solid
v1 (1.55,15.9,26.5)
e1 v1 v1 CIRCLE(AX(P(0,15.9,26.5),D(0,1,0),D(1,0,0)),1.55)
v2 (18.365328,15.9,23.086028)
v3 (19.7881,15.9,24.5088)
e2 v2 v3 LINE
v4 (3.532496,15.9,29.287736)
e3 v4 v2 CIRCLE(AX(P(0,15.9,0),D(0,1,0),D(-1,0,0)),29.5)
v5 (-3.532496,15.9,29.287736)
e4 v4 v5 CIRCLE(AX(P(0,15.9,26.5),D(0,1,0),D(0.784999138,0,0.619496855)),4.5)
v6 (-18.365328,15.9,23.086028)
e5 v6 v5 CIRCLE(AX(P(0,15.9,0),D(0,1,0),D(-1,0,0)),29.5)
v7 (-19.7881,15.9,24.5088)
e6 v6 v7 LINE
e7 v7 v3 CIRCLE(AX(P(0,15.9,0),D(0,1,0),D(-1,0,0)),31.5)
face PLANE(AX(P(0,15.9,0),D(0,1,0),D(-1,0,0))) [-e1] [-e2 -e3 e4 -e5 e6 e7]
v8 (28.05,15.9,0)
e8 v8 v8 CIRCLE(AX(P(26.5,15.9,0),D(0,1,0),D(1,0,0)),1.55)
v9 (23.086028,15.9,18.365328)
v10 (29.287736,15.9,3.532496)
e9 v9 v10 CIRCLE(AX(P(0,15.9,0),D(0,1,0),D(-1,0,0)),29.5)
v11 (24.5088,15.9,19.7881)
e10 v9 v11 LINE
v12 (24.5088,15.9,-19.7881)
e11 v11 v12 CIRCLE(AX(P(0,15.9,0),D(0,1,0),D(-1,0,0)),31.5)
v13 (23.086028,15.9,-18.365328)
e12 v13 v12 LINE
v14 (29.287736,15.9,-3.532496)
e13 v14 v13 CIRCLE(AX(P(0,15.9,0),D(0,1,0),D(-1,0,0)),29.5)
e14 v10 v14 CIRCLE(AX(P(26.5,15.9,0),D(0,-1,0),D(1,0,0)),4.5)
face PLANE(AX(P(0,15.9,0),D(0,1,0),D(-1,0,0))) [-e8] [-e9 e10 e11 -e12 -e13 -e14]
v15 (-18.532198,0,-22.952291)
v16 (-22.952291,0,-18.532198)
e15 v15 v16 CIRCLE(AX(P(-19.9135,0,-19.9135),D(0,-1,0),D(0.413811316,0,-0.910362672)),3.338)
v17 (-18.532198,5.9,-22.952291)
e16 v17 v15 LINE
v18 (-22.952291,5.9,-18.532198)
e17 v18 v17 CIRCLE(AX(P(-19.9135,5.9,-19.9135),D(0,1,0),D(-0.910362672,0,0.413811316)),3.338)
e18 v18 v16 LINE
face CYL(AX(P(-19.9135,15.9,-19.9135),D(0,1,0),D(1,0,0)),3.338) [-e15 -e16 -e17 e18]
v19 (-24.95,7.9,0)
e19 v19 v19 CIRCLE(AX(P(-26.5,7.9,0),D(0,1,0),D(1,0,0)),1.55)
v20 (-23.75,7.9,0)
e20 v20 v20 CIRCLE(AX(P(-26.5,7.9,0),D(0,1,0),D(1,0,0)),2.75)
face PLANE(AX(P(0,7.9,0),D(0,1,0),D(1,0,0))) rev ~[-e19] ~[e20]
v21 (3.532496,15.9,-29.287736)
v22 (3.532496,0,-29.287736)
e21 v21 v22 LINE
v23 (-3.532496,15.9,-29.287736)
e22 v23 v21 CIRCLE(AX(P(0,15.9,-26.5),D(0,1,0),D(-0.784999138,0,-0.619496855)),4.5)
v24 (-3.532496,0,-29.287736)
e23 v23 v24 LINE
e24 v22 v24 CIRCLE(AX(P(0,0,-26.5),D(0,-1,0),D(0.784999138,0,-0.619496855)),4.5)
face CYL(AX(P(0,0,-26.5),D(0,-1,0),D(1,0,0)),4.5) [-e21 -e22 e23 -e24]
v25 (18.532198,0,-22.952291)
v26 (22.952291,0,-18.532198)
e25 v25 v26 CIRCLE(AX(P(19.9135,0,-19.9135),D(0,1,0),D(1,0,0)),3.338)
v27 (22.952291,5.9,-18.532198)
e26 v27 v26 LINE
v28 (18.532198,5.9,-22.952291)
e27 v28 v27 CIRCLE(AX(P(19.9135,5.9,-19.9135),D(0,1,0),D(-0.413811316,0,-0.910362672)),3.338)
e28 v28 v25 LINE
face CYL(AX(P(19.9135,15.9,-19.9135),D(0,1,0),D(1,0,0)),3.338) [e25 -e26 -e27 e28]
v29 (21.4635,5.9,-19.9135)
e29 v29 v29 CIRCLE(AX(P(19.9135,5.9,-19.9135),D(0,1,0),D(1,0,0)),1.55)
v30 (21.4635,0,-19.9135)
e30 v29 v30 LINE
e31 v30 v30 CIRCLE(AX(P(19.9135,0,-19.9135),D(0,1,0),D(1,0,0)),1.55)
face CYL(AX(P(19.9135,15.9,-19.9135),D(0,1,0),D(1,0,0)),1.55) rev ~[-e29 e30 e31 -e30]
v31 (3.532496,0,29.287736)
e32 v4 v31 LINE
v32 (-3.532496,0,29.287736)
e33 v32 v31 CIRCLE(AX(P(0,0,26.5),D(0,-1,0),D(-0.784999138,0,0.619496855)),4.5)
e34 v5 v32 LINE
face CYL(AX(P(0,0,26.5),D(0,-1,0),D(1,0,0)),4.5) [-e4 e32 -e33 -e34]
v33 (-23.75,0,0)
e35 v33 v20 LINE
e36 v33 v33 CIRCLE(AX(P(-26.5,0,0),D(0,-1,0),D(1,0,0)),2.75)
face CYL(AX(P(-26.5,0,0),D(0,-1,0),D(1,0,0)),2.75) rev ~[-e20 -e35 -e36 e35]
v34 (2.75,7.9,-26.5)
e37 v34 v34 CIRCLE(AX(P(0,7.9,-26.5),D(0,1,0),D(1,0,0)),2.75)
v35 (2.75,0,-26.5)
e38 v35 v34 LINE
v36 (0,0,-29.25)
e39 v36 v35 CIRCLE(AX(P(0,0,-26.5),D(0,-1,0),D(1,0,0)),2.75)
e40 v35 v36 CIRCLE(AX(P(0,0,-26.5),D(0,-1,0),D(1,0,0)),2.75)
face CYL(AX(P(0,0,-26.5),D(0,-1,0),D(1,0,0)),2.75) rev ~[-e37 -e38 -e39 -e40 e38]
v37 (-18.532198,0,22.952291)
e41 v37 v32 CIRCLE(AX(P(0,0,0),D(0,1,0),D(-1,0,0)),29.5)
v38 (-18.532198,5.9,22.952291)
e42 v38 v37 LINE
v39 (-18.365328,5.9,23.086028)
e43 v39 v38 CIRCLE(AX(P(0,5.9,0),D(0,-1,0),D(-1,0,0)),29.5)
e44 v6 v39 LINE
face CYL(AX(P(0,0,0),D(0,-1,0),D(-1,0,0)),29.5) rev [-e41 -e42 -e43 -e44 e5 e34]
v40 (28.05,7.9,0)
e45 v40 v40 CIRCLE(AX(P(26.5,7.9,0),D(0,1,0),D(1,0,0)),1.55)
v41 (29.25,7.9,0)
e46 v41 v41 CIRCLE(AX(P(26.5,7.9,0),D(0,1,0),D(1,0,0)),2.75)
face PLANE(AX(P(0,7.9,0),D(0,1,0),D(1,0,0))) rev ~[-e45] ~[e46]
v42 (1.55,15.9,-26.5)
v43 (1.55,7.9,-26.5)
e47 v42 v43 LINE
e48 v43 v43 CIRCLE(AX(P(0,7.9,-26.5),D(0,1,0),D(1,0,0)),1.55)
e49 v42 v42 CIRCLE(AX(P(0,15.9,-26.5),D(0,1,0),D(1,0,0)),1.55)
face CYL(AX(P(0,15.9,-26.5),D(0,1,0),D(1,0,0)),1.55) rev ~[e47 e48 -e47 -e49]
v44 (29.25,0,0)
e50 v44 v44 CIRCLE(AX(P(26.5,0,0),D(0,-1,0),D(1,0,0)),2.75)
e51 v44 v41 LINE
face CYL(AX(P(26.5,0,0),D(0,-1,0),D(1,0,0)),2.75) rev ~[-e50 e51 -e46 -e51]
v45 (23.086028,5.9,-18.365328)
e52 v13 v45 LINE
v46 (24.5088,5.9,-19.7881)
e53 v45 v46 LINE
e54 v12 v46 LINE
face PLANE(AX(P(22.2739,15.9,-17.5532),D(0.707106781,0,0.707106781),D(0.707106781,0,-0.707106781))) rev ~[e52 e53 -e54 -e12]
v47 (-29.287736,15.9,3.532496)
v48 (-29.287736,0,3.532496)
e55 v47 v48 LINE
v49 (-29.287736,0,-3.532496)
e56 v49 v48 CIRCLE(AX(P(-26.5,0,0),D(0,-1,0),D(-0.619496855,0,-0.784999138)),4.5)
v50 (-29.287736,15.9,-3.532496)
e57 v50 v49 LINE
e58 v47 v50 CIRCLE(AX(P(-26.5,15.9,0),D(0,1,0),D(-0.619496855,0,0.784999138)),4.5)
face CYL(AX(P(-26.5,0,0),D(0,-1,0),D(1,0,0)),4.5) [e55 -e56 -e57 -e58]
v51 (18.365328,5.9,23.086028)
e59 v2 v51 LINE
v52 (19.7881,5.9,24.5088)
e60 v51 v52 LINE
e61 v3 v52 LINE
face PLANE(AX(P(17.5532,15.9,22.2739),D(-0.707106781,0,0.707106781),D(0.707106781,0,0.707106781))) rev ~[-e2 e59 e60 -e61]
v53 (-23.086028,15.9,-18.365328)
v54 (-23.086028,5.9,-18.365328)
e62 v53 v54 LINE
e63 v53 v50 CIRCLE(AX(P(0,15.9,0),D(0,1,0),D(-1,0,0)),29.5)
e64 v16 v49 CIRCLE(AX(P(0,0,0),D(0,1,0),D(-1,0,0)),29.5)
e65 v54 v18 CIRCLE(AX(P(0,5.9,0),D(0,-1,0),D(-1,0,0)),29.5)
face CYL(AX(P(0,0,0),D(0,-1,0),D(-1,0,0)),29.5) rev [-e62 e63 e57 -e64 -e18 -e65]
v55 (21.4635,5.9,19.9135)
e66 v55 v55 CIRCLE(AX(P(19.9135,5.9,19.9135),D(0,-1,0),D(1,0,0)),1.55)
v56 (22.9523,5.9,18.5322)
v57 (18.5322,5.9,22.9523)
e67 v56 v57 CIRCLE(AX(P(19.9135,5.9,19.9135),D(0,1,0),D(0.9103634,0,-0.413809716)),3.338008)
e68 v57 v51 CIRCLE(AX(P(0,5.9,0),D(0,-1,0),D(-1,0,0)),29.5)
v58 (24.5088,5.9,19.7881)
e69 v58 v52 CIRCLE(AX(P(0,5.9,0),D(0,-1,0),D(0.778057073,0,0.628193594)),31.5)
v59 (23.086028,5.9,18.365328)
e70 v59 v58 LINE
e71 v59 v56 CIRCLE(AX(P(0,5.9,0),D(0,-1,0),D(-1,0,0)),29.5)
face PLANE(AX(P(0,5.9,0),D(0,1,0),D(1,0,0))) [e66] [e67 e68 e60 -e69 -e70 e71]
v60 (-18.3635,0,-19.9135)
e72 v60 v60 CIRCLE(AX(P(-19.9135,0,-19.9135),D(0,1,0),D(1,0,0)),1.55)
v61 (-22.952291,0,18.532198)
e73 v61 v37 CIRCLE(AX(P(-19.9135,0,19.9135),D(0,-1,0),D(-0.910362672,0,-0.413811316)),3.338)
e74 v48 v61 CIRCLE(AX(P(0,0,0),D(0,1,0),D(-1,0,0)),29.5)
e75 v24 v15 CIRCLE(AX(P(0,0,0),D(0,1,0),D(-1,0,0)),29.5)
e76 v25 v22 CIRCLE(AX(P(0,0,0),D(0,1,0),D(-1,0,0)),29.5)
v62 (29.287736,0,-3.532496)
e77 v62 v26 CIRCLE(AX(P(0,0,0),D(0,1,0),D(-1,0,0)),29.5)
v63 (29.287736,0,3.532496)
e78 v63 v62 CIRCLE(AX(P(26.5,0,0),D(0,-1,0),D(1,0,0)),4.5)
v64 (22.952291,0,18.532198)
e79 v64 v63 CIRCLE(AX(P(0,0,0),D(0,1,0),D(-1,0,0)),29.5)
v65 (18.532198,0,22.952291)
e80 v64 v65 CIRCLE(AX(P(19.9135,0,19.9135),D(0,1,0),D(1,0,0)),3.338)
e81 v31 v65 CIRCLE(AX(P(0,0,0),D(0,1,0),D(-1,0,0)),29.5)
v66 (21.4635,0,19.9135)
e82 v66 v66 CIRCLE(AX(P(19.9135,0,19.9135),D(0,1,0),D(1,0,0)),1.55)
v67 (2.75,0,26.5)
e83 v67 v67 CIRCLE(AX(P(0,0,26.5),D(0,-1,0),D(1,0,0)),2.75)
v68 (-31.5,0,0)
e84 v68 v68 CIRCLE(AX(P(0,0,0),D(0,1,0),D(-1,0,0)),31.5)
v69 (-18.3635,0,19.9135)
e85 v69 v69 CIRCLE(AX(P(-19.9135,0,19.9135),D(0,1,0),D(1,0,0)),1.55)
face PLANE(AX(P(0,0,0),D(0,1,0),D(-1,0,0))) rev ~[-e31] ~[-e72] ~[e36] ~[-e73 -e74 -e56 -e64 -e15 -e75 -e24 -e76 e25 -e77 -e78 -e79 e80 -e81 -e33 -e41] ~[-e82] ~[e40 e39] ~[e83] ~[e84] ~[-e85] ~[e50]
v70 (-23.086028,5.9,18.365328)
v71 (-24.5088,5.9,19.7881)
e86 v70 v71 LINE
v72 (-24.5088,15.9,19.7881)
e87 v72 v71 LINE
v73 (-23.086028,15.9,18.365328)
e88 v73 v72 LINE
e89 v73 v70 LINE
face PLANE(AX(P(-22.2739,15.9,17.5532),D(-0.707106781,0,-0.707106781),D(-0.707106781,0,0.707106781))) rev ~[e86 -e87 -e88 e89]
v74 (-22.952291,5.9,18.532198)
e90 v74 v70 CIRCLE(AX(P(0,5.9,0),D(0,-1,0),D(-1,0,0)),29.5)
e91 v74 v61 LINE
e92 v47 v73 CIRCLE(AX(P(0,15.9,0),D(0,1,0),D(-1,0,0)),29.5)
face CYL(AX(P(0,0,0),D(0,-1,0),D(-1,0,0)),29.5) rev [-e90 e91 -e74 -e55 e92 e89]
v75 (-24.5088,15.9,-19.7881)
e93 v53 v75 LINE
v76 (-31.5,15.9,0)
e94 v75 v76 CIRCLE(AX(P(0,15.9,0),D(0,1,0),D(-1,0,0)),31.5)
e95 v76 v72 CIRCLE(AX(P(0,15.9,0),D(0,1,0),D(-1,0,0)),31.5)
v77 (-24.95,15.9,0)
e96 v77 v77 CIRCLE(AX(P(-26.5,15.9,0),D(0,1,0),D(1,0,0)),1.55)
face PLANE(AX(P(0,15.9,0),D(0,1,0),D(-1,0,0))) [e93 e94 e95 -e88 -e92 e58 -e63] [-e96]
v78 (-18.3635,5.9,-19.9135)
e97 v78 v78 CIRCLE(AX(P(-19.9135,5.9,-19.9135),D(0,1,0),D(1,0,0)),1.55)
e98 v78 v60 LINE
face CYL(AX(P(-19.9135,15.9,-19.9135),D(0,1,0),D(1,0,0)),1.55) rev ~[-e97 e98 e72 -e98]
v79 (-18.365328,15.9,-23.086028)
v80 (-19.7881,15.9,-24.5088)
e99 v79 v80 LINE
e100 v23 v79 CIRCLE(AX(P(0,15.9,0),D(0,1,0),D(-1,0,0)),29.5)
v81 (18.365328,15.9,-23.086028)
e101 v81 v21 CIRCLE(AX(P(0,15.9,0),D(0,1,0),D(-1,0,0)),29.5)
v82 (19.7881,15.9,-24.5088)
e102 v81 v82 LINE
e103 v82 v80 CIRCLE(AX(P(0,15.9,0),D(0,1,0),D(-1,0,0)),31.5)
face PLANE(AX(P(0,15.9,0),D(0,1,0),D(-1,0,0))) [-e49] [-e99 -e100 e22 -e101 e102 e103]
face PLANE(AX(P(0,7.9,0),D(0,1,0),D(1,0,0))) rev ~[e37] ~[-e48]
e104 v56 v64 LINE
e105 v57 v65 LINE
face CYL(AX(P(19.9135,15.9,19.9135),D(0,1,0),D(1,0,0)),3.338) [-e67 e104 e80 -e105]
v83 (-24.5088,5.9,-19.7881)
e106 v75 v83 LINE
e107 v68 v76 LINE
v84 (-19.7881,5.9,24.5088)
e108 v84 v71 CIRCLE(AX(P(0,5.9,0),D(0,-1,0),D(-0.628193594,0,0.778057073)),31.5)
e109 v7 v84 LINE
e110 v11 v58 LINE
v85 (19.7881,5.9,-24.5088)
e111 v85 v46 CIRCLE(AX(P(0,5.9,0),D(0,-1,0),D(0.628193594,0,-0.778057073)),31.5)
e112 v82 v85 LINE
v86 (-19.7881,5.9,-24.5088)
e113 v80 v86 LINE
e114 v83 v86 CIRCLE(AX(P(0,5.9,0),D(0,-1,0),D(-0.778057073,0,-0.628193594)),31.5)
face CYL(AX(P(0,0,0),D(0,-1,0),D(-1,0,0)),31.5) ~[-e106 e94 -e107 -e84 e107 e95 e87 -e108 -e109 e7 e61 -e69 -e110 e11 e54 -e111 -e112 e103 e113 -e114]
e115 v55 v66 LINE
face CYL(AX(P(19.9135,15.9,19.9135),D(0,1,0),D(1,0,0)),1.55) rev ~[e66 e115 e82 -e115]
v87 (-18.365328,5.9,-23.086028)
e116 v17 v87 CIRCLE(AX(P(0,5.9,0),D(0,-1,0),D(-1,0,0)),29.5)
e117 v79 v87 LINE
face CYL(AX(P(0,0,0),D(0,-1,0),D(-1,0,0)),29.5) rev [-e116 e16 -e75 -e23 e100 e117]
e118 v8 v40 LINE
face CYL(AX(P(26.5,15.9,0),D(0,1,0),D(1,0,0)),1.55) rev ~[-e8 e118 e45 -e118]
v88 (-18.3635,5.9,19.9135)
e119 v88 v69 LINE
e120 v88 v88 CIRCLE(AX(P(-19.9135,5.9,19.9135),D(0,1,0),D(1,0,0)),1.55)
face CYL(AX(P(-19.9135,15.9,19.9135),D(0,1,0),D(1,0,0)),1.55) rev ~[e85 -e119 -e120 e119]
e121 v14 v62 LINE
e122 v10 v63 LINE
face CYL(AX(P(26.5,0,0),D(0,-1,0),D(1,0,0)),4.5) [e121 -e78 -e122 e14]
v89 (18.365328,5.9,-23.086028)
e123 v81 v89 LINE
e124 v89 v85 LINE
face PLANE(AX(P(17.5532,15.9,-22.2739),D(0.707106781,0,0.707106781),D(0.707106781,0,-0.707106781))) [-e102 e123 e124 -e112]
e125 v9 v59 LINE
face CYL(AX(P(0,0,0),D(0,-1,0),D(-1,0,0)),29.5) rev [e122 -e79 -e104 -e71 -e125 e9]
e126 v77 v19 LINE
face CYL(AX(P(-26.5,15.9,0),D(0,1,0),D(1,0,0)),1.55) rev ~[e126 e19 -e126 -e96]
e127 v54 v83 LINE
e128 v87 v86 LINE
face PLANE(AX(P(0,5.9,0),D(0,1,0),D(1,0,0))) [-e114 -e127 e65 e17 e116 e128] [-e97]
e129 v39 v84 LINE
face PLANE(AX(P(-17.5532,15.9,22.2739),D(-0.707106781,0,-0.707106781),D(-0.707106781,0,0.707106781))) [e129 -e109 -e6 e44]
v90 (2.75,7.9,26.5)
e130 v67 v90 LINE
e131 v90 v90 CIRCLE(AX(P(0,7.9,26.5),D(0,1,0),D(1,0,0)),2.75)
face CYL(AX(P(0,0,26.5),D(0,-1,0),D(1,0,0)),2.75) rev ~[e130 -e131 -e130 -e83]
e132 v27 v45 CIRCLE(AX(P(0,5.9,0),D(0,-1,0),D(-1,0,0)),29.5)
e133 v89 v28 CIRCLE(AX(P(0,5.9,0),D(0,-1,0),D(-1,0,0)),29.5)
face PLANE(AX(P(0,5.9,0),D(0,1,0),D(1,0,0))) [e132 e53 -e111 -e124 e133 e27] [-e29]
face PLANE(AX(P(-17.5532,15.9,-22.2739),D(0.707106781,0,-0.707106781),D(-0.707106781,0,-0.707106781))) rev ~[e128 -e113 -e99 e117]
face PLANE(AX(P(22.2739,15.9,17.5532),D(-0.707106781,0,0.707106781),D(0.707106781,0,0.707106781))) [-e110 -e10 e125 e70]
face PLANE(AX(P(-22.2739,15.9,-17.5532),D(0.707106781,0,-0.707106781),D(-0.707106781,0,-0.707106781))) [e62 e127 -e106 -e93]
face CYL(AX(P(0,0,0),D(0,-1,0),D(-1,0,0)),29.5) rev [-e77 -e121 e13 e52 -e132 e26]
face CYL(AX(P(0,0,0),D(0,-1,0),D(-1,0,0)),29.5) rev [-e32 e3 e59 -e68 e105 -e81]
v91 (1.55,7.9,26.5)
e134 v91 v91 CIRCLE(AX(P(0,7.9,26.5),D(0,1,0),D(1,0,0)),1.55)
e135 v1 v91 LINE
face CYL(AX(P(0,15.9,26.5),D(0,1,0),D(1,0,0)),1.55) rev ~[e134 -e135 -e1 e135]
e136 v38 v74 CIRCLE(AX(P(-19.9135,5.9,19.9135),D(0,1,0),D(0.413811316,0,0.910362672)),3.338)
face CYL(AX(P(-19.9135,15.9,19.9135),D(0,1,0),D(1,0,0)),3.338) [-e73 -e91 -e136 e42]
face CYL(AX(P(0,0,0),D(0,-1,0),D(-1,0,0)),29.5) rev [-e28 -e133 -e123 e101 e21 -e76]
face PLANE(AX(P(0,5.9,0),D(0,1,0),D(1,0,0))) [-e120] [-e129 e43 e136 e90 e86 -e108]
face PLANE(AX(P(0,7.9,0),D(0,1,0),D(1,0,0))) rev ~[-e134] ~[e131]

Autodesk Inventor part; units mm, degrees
ref_plane "YZ Plane" through (0, 0, 0) normal (1, 0, 0) x (0, 1, 0)
ref_plane "XZ Plane" through (0, 0, 0) normal (0, 1, 0) x (-1, 0, 0)
ref_plane "XY Plane" through (0, 0, 0) normal (0, 0, 1) x (1, 0, 0)
sketch "Sketch1" plane through (0, 0, 0) normal (0, 1, 0) x (-1, 0, 0)
  circle A0 centre (0, 0) radius 31.5
  circle A1 centre (0, 0) radius 29.5
  dimension "d0" = 63
  dimension "d1" = 59
extrude "Walls" add sketch "Sketch1" along normal blind 15.9
sketch "Sketch2" plane through (0, 0, 0) normal (0, -1, 0) x (1, 0, 0)
  circle A0 centre (0, 0) radius 31.5 projected
  line L0 (0, -31.5) -> (0, -26.5)
  circle A1 centre (0, -26.5) radius 2.75
  circle A2 centre (0, -26.5) radius 4.5
  circle A3 centre (26.5, 0) radius 4.5
  circle A4 centre (26.5, 0) radius 2.75
  circle A5 centre (0, 26.5) radius 4.5
  circle A6 centre (0, 26.5) radius 2.75
  circle A7 centre (-26.5, 0) radius 4.5
  circle A8 centre (-26.5, 0) radius 2.75
  dimension "d4" = 5
  dimension "d5" = 5.5
  dimension "d6" = 9
  dimension "d9" = 360
extrude "Pillar holes" add sketch "Sketch2" against normal blind 15.9 contours A2 | A3 | A5 | A7
sketch "Sketch4" plane through (0, 15.9, 0) normal (0, 1, 0) x (1, 0, 0)
  point P0 (0, 0)
sketch "Sketch5" plane through (0, 0, 0) normal (0, -1, 0) x (1, 0, 0)
  point P0 (0, 0)
sketch "Sketch6" plane through (0, 15.9, 0) normal (0, 1, 0) x (1, 0, 0)
  circle A0 centre (0, 26.5) radius 2.75 projected
  circle A1 centre (0, 26.5) radius 2.75
  circle A2 centre (0, 26.5) radius 1.55
  circle A3 centre (-26.5, 0) radius 1.55
  circle A4 centre (-26.5, 0) radius 2.75
  circle A5 centre (0, -26.5) radius 1.55
  circle A6 centre (0, -26.5) radius 2.75
  circle A7 centre (26.5, 0) radius 1.55
  circle A8 centre (26.5, 0) radius 2.75
  point P0 (0, 0)
  dimension "d20" = 3.1
  dimension "d23" = 360
extrude "Extrusion4" add sketch "Sketch6" against normal blind 8
sketch "Sketch7" plane through (0, 15.9, 0) normal (0, 1, 0) x (1, 0, 0)
  line L0 (0, 0) -> (22.2739, -22.2739)
  circle A0 centre (0, 0) radius 31.5 projected
  line L1 (0, 0) -> (0, -31.5)
  line L2 (0, 0) -> (-22.2739, -22.2739)
  dimension "d27" = 45
ref_plane "Work Plane1" through (22.2739, 15.9, 22.2739) normal (0.7071, 0, 0.7071) x (0, 1, 0)
ref_plane "Work Plane2" through (-22.2739, 15.9, 22.2739) normal (-0.7071, 0, 0.7071) x (0, -1, 0)
sketch "Sketch17" plane through (0, 15.9, 0) normal (0, 1, 0) x (1, 0, 0)
  line L0 (0, 0) -> (-22.2739, -22.2739)
  line L1 (0, 0) -> (0, -14.1086)
  line L2 (-22.2739, -22.2739) -> (-19.9135, -19.9135)
  circle A0 centre (-19.9135, -19.9135) radius 1.55
  circle A1 centre (-19.9135, -19.9135) radius 3.338
  circle A2 centre (19.9135, -19.9135) radius 1.55
  circle A3 centre (19.9135, -19.9135) radius 3.338
  circle A4 centre (19.9135, 19.9135) radius 1.55
  circle A5 centre (19.9135, 19.9135) radius 3.338
  circle A6 centre (-19.9135, 19.9135) radius 1.55
  circle A7 centre (-19.9135, 19.9135) radius 3.338
  point P0 (22.2739, -22.2739)
  point P1 (22.2739, 22.2739)
  point P2 (-22.2739, 22.2739)
  dimension "d86" = 31.5
  dimension "d87" = 45
  dimension "d88" = 3.338
  dimension "d89" = 3.1
  dimension "d92" = 360
extrude "Extrusion13" add sketch "Sketch17" against normal blind 15.9 contours A1 L0 A0 | L0 A0 A1 | A0 L0 | L0 A0 | A2 | A3 | A4 | A5 | A6 | A7
sketch "Sketch18" plane through (0, 15.9, 0) normal (0, 1, 0) x (1, 0, 0)
  circle A0 centre (0, 0) radius 31.5 projected
  line L0 (0, 0) -> (-22.2739, -22.2739)
  line L1 (0, 0) -> (0, -10.409)
  line L2 (-22.2739, -22.2739) -> (-19.9135, -19.9135)
  circle A1 centre (-19.9135, -19.9135) radius 1.55
  circle A2 centre (19.9135, -19.9135) radius 1.55
  circle A3 centre (19.9135, 19.9135) radius 1.55
  circle A4 centre (-19.9135, 19.9135) radius 1.55
  dimension "d96" = 45
  dimension "d97" = 3.338
  dimension "d98" = 3.1
  dimension "d101" = 360
extrude "Extrusion14" cut sketch "Sketch18" against normal blind 15.9 contours A1 L0 | L0 A1 | A2 | A3 | A4
sketch "Sketch19" plane through (0, 15.9, 0) normal (0, 1, 0) x (1, 0, 0)
  arc A0 (22.9523, -18.5322) -> (18.5322, -22.9523) centre (19.9135, -19.9135) ccw projected
  circle A1 centre (19.9135, -19.9135) radius 3.338
  circle A2 centre (19.9135, -19.9135) radius 1.55 projected
  line L0 (19.9135, -19.9135) -> (17.5532, -22.2739)
  line L1 (19.9135, -19.9135) -> (22.2739, -17.5532)
  line L2 (17.5532, -22.2739) -> (19.7881, -24.5088)
  circle A3 centre (0, 0) radius 31.5 projected
  line L3 (22.2739, -17.5532) -> (24.5088, -19.7881)
  line L4 (17.5532, -17.5532) -> (19.9135, -15.1929)
  line L5 (19.9135, -15.1929) -> (22.2739, -17.5532)
  line L6 (17.5532, -17.5532) -> (15.1929, -19.9135)
  line L7 (15.1929, -19.9135) -> (17.5532, -22.2739)
  arc A4 (19.7881, -24.5088) -> (24.5088, -19.7881) centre (0, 0) ccw
  line L8 (19.9135, 15.1929) -> (22.2739, 17.5532)
  line L9 (22.2739, 17.5532) -> (24.5088, 19.7881)
  arc A5 (24.5088, 19.7881) -> (19.7881, 24.5088) centre (0, 0) ccw
  circle A6 centre (19.9135, 19.9135) radius 3.338
  line L10 (17.5532, 17.5532) -> (15.1929, 19.9135)
  line L11 (17.5532, 17.5532) -> (19.9135, 15.1929)
  line L12 (15.1929, 19.9135) -> (17.5532, 22.2739)
  line L13 (17.5532, 22.2739) -> (19.7881, 24.5088)
  line L14 (-15.1929, 19.9135) -> (-17.5532, 22.2739)
  line L15 (-17.5532, 22.2739) -> (-19.7881, 24.5088)
  arc A7 (-19.7881, 24.5088) -> (-24.5088, 19.7881) centre (0, 0) ccw
  circle A8 centre (-19.9135, 19.9135) radius 3.338
  line L16 (-17.5532, 17.5532) -> (-19.9135, 15.1929)
  line L17 (-17.5532, 17.5532) -> (-15.1929, 19.9135)
  line L18 (-19.9135, 15.1929) -> (-22.2739, 17.5532)
  line L19 (-22.2739, 17.5532) -> (-24.5088, 19.7881)
  line L20 (-19.9135, -15.1929) -> (-22.2739, -17.5532)
  line L21 (-22.2739, -17.5532) -> (-24.5088, -19.7881)
  arc A9 (-24.5088, -19.7881) -> (-19.7881, -24.5088) centre (0, 0) ccw
  circle A10 centre (-19.9135, -19.9135) radius 3.338
  line L22 (-17.5532, -17.5532) -> (-15.1929, -19.9135)
  line L23 (-17.5532, -17.5532) -> (-19.9135, -15.1929)
  line L24 (-15.1929, -19.9135) -> (-17.5532, -22.2739)
  line L25 (-17.5532, -22.2739) -> (-19.7881, -24.5088)
  line L26 (19.9135, -15.1929) -> (24.5088, -19.7881)
  line L27 (15.1929, -19.9135) -> (19.7881, -24.5088)
  line L28 (19.9135, -15.1929) -> (15.1929, -19.9135)
  arc A11 (19.7881, -24.5088) -> (24.5088, -19.7881) centre (0, 0) ccw
  point P0 (19.7881, 24.5088)
  point P1 (-24.5088, 19.7881)
  point P2 (-19.7881, -24.5088)
  dimension "d107" = 360
extrude "Extrusion15" cut sketch "Sketch19" against normal blind 10 contours A1 A0 L0 A2 L1 | A0 L3 A3 A1 | L1 A2 L0 A0 | A3 L2 A0 A1 | L9 A6 A3 | A3 A10 L25 | A6 L13 A3 | A6 | A3 L21 A10 | A10 | L15 A8 A3 | A3 A8 L19 | A8
properties part number "cylinder"
